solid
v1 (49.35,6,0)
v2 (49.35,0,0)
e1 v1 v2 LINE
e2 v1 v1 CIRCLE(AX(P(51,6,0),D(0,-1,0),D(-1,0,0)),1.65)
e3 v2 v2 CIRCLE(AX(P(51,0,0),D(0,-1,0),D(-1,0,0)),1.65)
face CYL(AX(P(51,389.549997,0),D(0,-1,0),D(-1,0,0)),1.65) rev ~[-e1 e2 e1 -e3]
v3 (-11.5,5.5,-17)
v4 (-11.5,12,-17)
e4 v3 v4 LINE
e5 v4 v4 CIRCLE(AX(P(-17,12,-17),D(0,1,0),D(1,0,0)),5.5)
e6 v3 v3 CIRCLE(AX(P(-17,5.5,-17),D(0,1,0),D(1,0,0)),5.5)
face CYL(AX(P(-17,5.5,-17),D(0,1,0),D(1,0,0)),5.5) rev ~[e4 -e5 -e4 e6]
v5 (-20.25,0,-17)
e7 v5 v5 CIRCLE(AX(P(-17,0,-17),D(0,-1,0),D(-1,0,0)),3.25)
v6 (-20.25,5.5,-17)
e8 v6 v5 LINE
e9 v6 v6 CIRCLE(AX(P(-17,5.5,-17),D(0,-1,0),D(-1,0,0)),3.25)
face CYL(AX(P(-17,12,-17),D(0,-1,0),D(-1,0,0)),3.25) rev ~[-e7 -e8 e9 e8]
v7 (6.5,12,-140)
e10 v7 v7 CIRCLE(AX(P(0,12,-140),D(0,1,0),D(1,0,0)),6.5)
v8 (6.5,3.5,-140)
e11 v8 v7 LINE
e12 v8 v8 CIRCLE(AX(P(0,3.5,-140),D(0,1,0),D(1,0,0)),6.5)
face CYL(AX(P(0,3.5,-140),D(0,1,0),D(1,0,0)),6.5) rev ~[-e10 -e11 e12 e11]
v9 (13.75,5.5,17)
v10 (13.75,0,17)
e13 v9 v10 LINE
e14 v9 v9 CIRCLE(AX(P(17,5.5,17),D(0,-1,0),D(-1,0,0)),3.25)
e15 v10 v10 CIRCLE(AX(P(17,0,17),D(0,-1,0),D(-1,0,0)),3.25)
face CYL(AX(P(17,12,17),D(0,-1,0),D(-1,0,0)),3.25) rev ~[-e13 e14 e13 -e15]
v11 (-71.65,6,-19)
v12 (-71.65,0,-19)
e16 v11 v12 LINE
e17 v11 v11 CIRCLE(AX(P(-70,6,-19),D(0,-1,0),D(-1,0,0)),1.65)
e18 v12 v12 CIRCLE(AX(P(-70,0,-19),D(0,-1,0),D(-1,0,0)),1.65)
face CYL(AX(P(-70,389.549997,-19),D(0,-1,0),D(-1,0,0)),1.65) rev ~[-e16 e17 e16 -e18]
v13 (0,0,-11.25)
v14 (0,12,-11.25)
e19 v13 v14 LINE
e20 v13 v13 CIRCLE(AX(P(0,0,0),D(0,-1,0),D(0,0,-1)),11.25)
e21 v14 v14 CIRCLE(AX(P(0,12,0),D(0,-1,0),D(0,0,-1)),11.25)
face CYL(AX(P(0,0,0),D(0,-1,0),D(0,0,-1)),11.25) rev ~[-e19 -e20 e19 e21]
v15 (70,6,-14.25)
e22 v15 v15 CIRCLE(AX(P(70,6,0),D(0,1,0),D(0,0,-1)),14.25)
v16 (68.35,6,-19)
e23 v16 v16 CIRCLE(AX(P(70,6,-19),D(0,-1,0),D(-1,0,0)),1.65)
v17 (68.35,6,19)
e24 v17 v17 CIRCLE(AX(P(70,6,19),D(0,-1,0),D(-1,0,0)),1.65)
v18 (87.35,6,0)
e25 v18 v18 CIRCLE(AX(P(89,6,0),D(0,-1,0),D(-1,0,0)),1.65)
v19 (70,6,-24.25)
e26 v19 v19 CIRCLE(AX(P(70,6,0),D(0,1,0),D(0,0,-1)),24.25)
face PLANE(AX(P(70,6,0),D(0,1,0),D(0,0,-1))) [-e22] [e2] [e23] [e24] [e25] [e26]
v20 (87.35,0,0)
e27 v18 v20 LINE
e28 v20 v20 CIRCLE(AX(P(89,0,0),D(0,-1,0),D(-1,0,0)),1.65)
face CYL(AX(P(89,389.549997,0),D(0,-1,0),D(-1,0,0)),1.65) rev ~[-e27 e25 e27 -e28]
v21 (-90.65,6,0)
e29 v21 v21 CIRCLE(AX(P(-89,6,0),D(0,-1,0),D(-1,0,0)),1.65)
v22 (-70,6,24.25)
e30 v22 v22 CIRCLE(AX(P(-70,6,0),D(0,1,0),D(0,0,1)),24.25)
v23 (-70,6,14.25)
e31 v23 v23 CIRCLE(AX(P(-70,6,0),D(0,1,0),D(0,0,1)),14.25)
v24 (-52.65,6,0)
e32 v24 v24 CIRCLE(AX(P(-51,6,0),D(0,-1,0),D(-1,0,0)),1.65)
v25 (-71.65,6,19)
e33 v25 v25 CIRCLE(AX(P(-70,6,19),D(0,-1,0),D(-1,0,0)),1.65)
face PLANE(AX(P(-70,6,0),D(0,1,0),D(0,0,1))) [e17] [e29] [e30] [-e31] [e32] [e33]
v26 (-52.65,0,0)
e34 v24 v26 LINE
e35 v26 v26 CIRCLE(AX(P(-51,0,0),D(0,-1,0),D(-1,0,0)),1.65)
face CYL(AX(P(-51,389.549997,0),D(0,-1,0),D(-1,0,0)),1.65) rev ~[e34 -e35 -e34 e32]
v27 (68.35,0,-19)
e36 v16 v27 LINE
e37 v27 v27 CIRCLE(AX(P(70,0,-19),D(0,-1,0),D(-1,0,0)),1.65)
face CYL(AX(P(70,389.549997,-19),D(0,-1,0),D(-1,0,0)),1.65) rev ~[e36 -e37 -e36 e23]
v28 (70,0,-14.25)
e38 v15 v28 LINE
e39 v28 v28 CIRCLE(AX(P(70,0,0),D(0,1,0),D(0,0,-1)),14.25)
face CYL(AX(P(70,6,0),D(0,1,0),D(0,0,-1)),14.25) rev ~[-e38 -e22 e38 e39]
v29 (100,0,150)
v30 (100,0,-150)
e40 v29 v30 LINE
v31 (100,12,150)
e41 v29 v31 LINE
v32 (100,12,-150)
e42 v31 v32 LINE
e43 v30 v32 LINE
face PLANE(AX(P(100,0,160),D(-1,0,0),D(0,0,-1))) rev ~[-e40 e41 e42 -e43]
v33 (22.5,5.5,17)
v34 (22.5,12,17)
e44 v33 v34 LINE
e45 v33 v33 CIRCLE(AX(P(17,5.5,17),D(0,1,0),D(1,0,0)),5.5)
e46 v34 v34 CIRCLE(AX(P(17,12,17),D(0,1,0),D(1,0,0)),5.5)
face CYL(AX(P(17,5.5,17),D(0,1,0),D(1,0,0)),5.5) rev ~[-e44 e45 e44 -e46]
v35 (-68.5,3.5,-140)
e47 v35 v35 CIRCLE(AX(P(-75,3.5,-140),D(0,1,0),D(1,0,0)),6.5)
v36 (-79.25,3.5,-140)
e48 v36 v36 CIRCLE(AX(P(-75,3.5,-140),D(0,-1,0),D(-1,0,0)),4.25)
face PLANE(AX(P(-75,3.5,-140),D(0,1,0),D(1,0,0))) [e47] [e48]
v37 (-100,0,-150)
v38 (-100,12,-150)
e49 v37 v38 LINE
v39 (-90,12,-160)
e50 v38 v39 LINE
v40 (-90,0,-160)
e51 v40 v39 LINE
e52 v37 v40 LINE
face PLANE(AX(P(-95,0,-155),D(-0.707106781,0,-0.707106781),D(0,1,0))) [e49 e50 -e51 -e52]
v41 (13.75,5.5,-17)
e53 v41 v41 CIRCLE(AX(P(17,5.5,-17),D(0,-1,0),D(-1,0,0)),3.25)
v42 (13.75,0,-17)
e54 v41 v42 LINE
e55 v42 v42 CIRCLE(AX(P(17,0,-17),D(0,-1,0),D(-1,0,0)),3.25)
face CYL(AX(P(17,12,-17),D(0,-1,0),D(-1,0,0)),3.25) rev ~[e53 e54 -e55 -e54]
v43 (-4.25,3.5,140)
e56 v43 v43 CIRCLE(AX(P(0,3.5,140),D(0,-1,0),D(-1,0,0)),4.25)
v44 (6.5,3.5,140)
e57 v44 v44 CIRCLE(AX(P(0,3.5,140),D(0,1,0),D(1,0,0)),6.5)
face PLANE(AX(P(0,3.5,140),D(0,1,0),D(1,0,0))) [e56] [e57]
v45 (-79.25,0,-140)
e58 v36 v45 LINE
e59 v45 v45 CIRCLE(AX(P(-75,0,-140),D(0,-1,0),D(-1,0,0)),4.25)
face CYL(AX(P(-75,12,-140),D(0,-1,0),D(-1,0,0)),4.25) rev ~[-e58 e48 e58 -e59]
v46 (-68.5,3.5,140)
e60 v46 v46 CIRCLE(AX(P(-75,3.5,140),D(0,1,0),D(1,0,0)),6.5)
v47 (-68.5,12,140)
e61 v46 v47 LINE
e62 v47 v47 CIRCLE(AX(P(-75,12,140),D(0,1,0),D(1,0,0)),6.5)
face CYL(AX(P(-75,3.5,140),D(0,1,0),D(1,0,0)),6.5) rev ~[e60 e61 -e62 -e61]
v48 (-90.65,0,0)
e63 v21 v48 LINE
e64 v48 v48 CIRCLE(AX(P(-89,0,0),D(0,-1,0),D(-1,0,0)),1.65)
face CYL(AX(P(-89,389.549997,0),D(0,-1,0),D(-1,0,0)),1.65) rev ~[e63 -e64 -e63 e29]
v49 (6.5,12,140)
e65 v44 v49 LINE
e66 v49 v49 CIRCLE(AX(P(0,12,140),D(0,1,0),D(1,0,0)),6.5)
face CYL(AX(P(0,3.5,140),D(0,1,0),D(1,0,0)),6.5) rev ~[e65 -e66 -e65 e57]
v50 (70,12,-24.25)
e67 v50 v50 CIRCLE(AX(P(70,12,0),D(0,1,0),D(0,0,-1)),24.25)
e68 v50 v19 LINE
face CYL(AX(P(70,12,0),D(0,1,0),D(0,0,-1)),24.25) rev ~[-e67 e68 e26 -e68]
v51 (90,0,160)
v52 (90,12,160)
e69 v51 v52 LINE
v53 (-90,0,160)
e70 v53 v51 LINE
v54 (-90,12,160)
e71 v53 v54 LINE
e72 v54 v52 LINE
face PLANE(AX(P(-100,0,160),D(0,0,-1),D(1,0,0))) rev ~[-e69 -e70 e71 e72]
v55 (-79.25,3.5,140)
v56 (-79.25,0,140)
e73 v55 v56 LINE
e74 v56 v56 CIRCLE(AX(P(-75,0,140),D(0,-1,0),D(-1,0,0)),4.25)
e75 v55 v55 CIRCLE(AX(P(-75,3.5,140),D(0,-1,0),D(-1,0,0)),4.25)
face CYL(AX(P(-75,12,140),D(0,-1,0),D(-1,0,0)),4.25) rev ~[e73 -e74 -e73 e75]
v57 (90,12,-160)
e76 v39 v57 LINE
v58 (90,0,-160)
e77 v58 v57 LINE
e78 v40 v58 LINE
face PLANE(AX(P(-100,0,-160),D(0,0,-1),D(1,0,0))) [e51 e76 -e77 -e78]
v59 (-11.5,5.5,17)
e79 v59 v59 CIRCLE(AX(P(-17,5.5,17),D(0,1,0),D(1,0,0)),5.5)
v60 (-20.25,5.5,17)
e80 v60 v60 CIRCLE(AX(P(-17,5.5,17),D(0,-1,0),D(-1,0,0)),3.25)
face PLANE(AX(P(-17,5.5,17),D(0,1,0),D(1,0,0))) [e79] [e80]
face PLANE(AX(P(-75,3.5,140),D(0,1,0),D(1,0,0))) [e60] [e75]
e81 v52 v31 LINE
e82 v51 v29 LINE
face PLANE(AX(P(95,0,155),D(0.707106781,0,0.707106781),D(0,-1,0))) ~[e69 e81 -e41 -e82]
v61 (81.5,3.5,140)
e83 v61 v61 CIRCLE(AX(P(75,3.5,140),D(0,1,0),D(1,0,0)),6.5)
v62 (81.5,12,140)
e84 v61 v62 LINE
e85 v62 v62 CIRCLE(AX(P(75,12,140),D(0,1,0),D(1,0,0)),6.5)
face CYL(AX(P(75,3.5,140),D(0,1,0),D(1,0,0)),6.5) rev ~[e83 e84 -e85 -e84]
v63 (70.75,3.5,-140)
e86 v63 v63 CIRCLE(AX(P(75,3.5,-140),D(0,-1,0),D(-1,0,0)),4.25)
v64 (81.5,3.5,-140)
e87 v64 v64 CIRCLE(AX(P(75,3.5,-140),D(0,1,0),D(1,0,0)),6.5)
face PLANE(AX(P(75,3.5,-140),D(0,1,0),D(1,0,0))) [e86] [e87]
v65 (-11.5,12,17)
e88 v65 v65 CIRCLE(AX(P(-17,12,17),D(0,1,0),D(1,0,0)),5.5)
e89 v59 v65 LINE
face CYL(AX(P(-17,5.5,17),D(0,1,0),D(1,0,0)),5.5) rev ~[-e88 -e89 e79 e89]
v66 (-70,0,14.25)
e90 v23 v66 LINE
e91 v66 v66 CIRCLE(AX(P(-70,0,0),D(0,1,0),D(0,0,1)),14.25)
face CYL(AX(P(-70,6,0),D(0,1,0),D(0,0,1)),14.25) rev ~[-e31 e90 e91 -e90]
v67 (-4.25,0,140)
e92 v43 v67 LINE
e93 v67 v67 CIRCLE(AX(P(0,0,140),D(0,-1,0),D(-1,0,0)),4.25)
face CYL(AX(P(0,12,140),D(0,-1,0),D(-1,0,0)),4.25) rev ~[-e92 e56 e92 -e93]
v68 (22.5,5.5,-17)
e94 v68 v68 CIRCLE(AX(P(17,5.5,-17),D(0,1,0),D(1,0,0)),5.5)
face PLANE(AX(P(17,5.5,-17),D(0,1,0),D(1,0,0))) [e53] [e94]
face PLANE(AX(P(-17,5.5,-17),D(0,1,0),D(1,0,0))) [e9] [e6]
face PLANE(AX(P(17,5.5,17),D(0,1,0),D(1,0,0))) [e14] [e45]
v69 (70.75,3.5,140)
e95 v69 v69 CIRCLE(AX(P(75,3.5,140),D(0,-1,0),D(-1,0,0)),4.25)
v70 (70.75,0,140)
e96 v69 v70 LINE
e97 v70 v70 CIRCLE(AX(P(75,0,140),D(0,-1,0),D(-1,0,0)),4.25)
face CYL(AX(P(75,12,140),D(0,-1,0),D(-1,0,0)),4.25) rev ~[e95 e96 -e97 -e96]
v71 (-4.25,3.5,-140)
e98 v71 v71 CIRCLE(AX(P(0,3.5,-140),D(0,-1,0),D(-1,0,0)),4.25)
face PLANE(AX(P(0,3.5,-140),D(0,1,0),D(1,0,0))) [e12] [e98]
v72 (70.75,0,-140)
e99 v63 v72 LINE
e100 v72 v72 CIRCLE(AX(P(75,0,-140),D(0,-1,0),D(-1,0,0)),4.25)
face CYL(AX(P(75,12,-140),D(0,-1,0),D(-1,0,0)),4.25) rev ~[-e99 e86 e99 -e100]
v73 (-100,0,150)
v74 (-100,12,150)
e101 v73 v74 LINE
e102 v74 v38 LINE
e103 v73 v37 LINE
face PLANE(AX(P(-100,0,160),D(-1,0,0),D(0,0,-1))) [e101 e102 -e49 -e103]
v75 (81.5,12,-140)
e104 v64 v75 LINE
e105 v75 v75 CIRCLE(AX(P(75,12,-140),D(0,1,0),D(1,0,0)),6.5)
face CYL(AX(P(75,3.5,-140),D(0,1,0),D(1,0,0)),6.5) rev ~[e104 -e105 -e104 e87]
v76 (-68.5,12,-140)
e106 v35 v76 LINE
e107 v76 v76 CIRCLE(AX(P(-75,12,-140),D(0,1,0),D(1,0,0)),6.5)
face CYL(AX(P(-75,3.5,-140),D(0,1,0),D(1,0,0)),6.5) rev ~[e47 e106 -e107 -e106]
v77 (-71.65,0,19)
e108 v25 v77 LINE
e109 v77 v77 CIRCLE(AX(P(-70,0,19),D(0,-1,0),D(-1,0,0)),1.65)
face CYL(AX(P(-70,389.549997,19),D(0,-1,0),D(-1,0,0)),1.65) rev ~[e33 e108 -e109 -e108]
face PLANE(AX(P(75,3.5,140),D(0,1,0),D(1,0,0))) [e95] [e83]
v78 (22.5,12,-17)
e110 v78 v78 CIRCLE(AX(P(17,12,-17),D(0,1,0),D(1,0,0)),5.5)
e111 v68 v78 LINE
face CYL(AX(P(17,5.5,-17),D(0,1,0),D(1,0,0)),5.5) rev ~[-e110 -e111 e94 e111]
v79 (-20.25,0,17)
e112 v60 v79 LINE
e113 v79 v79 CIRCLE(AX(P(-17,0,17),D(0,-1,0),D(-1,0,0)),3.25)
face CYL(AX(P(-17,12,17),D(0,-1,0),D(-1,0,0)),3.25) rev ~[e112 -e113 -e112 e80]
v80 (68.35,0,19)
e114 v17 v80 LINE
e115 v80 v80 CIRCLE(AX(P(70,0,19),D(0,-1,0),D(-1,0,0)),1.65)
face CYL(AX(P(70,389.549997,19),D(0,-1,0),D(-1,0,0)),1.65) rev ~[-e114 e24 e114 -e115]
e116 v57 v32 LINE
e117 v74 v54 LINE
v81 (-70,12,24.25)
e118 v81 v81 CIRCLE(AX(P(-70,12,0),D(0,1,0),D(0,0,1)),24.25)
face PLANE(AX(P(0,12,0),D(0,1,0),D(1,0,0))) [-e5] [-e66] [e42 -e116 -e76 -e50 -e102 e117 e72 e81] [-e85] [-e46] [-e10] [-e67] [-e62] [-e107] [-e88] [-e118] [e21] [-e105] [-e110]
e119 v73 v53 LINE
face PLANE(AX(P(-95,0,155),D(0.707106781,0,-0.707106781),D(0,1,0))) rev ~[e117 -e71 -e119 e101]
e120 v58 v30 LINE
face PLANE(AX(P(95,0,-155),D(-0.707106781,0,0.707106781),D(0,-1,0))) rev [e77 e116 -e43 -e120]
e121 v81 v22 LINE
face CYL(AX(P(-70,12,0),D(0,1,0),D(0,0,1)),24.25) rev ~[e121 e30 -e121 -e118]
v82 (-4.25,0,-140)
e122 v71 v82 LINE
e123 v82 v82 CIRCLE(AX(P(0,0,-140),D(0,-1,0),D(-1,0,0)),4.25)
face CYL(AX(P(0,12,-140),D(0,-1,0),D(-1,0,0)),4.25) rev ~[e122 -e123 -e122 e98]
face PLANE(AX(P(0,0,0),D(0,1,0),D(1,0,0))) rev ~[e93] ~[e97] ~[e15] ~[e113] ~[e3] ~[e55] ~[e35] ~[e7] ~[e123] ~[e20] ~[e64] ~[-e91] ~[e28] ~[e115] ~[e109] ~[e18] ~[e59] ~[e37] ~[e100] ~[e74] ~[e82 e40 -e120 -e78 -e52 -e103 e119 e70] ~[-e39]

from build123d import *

# Parameters (mm, degrees)
SKETCH_1_W                  = 200
SKETCH_1_H                  = 320
EXTRUDE_1_DEPTH             = 12
HOLE_WIZARD_2_D             = 8.5
HOLE_WIZARD_2_CBORE_D       = 13
HOLE_WIZARD_2_CBORE_DEPTH   = 8.5
CHAMFER_1_SIZE              = 10
SKETCH_4_R                  = 11.25
CUT_EXTRUDE_1_DEPTH         = 190.06083677
HOLE_WIZARD_2_2_D           = 6.5
HOLE_WIZARD_2_2_CBORE_D     = 11
HOLE_WIZARD_2_2_CBORE_DEPTH = 6.5
SKETCH_7_R                  = 24.25
CUT_EXTRUDE_2_DEPTH         = 6
SKETCH_8_R                  = 14.25
CUT_EXTRUDE_3_DEPTH         = 189.774998345
HOLE_WIZARD_M4_1_D          = 3.3


with BuildPart() as part:
    # 草图1 → 凸台-拉伸1 (new body)
    with BuildSketch(Plane(origin=(0, 0, 0), x_dir=(1, 0, 0), z_dir=(0, 1, 0))):
        Rectangle(SKETCH_1_W, SKETCH_1_H)
    extrude(amount=EXTRUDE_1_DEPTH)

    # Hole Wizard 2 (through all)
    with Locations(Plane(origin=(0, 12, 0), x_dir=(1, 0, 0), z_dir=(0, 1, 0))):
        with Locations((-75, 140), (75, 140), (75, -140), (-75, -140), (0, 140), (0, -140)):
            CounterBoreHole(HOLE_WIZARD_2_D / 2, HOLE_WIZARD_2_CBORE_D / 2, HOLE_WIZARD_2_CBORE_DEPTH)

    # 倒角1
    chamfer_1_edges = [part.edges().sort_by_distance(p)[0] for p in [
        (100, 6, 160),
        (-100, 6, 160),
        (-100, 6, -160),
        (100, 6, -160),
    ]]
    chamfer(chamfer_1_edges, length=CHAMFER_1_SIZE)

    # 草图4 → 切除-拉伸1 (cut, through all)
    with BuildSketch(Plane(origin=(0, 0, 0), x_dir=(-1, 0, 0), z_dir=(0, -1, 0))):
        with Locations(Location((0, 0, 0), (0, 0, 90))):
            Circle(SKETCH_4_R)
    extrude(amount=-CUT_EXTRUDE_1_DEPTH, mode=Mode.SUBTRACT)

    # Hole Wizard 2 2 (through all)
    with Locations(Plane(origin=(0, 12, 0), x_dir=(1, 0, 0), z_dir=(0, 1, 0))):
        with Locations((-17, 17), (-17, -17), (17, -17), (17, 17)):
            CounterBoreHole(HOLE_WIZARD_2_2_D / 2, HOLE_WIZARD_2_2_CBORE_D / 2, HOLE_WIZARD_2_2_CBORE_DEPTH)

    # 草图7 → 切除-拉伸2 (cut)
    with BuildSketch(Plane(origin=(0, 12, 0), x_dir=(1, 0, 0), z_dir=(0, 1, 0))):
        with Locations(Location((-70, 0, 0), (0, 0, 270))):
            Circle(SKETCH_7_R)
        with Locations(Location((70, 0, 0), (0, 0, 90))):
            Circle(SKETCH_7_R)
    extrude(amount=-CUT_EXTRUDE_2_DEPTH, mode=Mode.SUBTRACT)

    # 草图8 → 切除-拉伸3 (cut, through all)
    with BuildSketch(Plane(origin=(0, 6, 0), x_dir=(1, 0, 0), z_dir=(0, 1, 0))):
        with Locations(Location((-70, 0, 0), (0, 0, 270))):
            Circle(SKETCH_8_R)
        with Locations(Location((70, 0, 0), (0, 0, 90))):
            Circle(SKETCH_8_R)
    extrude(amount=-CUT_EXTRUDE_3_DEPTH, mode=Mode.SUBTRACT)

    # M4 螺纹孔1 (through all)
    with Locations(Plane(origin=(0, 12, 0), x_dir=(1, 0, 0), z_dir=(0, 1, 0))):
        with Locations((-70, 19), (-89, 0), (-70, -19), (-51, 0), (51, 0), (70, -19), (89, 0), (70, 19)):
            Hole(HOLE_WIZARD_M4_1_D / 2)


solid = part.part
